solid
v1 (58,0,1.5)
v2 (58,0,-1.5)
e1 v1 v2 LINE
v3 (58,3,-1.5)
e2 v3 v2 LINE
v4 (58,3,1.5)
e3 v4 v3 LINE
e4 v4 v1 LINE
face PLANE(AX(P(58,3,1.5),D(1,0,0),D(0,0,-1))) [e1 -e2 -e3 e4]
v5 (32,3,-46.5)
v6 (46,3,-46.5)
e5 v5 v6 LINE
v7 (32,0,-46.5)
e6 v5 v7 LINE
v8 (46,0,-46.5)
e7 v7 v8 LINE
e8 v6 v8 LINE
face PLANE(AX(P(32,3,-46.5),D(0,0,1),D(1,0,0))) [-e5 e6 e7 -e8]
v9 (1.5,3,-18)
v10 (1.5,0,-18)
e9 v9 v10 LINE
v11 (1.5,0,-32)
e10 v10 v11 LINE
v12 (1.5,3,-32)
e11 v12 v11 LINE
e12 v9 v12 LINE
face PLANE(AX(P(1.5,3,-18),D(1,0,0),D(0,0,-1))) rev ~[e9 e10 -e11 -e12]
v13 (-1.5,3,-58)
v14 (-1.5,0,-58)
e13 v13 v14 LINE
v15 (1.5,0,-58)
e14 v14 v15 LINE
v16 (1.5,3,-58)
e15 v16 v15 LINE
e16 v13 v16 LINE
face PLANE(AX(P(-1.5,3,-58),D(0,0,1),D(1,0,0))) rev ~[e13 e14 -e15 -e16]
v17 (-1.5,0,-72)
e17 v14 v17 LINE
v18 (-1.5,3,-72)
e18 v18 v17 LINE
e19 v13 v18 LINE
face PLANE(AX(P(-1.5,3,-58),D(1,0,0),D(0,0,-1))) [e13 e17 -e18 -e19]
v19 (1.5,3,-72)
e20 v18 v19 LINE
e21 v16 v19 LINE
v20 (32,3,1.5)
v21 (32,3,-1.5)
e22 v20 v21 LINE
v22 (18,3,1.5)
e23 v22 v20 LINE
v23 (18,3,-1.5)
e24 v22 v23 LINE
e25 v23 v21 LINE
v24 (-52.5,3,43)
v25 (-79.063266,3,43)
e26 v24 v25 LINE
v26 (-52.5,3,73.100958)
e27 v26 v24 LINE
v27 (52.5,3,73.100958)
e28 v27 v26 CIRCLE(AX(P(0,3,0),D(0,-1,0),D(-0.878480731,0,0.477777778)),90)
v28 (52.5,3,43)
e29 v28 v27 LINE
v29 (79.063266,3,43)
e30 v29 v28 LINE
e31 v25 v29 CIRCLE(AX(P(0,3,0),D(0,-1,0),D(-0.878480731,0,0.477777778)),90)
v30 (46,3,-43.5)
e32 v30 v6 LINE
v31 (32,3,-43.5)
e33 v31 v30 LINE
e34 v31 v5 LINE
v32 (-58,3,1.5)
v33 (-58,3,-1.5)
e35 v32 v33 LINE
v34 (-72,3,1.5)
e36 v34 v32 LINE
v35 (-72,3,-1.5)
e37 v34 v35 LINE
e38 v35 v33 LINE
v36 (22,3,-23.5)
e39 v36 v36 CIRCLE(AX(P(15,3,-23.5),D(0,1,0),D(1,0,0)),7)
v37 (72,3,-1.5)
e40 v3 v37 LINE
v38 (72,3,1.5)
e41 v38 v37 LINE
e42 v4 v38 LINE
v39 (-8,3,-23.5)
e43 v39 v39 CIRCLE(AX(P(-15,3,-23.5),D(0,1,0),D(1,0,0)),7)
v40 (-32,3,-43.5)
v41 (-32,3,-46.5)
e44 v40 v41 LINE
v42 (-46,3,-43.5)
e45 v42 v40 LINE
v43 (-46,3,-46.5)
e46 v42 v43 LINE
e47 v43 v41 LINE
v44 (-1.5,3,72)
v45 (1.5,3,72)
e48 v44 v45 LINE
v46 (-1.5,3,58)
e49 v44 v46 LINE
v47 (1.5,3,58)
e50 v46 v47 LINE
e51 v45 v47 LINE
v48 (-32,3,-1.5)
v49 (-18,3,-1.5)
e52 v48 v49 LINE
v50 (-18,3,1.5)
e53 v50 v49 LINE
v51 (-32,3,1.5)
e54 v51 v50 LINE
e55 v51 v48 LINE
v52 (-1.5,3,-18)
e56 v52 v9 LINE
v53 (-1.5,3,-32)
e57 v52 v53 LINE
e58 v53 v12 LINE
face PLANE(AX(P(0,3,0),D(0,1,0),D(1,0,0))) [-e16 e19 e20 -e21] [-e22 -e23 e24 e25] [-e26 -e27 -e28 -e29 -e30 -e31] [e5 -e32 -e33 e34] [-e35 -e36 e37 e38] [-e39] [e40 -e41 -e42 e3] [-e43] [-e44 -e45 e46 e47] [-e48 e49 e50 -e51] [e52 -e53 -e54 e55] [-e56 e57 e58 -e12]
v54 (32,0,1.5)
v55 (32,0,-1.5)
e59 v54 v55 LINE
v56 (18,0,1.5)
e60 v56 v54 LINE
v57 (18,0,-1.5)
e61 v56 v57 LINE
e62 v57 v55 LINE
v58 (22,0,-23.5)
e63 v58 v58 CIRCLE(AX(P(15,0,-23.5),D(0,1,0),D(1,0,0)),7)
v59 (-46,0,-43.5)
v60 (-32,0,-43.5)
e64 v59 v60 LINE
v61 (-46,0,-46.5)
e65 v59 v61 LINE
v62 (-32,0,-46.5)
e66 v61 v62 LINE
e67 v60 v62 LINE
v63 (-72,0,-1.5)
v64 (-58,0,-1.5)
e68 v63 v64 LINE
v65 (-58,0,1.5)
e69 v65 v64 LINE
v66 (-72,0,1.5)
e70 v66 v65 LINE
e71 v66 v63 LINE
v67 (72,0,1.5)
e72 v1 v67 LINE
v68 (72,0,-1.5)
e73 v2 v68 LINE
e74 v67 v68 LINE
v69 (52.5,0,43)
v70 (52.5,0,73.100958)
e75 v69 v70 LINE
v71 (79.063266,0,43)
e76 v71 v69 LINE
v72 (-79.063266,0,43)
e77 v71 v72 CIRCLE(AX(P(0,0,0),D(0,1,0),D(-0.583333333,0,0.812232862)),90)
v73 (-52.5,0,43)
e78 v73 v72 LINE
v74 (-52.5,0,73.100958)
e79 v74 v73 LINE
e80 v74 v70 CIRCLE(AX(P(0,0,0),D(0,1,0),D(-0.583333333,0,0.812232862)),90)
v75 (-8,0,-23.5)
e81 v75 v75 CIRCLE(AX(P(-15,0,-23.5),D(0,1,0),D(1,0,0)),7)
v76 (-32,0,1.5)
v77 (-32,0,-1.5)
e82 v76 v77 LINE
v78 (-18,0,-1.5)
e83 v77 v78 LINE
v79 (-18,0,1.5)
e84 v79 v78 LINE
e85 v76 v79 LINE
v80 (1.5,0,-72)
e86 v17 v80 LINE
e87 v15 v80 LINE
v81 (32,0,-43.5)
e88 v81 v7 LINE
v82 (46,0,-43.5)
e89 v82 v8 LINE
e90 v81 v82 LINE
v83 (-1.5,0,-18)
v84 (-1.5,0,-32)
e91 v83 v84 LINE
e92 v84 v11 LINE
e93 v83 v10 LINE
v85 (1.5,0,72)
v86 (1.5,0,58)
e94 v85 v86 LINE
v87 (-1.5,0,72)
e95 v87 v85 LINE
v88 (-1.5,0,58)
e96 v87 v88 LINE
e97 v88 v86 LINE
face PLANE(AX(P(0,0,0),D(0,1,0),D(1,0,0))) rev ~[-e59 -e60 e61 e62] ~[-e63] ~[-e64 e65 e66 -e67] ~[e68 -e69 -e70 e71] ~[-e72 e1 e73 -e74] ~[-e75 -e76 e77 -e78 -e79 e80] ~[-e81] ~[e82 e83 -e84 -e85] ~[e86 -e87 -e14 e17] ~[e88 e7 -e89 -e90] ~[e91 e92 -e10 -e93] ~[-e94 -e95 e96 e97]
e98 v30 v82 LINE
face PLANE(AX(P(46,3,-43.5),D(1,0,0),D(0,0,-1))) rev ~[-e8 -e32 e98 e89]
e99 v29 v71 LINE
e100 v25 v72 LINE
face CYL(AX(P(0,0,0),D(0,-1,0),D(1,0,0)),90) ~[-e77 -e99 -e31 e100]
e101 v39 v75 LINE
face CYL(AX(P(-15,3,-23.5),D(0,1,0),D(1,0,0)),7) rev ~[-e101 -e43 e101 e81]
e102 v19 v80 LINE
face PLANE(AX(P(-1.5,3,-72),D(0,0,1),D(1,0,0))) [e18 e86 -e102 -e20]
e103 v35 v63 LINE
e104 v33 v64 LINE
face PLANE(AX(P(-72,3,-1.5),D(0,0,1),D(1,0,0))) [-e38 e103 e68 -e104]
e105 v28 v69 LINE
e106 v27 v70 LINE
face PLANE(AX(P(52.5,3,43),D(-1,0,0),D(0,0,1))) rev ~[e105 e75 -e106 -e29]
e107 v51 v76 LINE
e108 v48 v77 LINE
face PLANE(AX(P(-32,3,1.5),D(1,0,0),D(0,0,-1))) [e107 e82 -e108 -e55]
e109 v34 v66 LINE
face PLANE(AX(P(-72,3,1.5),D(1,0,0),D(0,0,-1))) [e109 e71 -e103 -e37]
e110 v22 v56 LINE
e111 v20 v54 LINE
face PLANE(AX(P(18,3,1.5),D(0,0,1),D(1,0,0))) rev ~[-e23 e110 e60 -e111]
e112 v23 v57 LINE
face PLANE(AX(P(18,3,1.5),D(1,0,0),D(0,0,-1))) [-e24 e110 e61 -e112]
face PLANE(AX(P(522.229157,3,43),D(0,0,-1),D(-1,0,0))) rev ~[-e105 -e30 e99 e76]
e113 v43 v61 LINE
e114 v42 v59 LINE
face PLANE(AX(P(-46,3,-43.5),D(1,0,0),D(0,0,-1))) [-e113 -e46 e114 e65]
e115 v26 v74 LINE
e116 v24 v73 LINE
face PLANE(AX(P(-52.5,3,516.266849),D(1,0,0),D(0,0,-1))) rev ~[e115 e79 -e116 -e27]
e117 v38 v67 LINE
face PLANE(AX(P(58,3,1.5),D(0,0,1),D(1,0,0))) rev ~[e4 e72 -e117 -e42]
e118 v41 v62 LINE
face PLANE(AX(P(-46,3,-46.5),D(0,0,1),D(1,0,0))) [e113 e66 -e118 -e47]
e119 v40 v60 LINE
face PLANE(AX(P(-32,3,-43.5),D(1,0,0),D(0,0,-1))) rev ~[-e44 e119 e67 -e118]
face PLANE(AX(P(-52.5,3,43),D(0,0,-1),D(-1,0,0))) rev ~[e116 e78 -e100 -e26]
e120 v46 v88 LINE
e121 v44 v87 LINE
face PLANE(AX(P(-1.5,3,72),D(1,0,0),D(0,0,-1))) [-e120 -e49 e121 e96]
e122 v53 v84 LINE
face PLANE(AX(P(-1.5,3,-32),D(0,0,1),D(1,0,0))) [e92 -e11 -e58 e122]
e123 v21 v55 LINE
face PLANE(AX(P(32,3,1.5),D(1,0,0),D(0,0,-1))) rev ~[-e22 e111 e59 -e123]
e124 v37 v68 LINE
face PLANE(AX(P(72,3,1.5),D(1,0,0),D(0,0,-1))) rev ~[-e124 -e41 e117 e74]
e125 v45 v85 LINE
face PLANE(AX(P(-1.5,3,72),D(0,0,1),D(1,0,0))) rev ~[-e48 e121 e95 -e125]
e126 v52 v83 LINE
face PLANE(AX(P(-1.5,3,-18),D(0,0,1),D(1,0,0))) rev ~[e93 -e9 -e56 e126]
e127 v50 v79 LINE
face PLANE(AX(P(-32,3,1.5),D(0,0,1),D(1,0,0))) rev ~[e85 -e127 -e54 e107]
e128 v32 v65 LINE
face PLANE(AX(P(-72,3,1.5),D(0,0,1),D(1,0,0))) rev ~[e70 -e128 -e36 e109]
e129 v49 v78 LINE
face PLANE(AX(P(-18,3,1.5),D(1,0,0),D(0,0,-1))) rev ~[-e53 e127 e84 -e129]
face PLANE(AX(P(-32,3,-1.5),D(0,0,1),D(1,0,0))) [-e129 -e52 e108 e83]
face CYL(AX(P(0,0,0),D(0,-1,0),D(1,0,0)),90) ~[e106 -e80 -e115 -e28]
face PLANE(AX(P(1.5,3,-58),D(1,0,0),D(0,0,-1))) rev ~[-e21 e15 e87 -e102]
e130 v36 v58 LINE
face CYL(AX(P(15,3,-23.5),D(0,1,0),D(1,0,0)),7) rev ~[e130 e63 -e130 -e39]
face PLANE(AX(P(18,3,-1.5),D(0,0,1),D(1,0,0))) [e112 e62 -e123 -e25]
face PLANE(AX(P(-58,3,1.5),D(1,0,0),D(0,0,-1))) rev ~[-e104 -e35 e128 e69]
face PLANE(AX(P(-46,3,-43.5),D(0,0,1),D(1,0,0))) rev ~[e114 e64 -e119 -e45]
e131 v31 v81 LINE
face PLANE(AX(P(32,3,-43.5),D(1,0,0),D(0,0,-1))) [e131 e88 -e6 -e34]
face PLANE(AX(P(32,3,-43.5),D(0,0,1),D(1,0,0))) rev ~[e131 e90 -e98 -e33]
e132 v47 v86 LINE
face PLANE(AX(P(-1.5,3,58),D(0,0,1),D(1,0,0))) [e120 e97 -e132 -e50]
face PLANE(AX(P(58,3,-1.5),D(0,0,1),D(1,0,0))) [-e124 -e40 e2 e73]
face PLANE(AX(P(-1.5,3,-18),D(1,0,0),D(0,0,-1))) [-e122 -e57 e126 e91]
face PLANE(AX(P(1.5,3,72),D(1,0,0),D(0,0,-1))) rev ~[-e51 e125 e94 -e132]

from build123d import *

# Parameters (mm, degrees)
SKETCH1_R               = 90
BOSS_EXTRUDE1_DEPTH     = 3
CUT_EXTRUDE1_DEPTH      = 1
CUT_EXTRUDE1_DEPTH_BACK = 3
CUT_EXTRUDE2_DEPTH      = 1
CUT_EXTRUDE2_DEPTH_BACK = 3
SKETCH5_W               = 3
SKETCH5_H               = 14
CUT_EXTRUDE4_DEPTH      = 3
SKETCH6_W               = 3
SKETCH6_H               = 14
CUT_EXTRUDE5_DEPTH      = 3
SKETCH8_W               = 3
SKETCH8_H               = 14
CUT_EXTRUDE7_DEPTH      = 3
SKETCH9_W               = 14
SKETCH9_H               = 3
CUT_EXTRUDE8_DEPTH      = 3
SKETCH10_W              = 14
SKETCH10_H              = 3
CUT_EXTRUDE9_DEPTH      = 3
SKETCH11_W              = 14
SKETCH11_H              = 3
CUT_EXTRUDE10_DEPTH     = 3
SKETCH12_W              = 14
SKETCH12_H              = 3
CUT_EXTRUDE11_DEPTH     = 3
SKETCH13_W              = 14
SKETCH13_H              = 3
CUT_EXTRUDE12_DEPTH     = 3
SKETCH14_W              = 14
SKETCH14_H              = 3
CUT_EXTRUDE13_DEPTH     = 3
SKETCH15_R              = 7
CUT_EXTRUDE14_DEPTH     = 3


with BuildPart() as part:
    # Sketch1 → Boss-Extrude1 (new body)
    with BuildSketch(Plane(origin=(0, 0, 0), x_dir=(1, 0, 0), z_dir=(0, 1, 0))):
        Circle(SKETCH1_R)
    extrude(amount=BOSS_EXTRUDE1_DEPTH)

    # Sketch2 → Cut-Extrude1 (cut, two sides)
    with BuildSketch(Plane(origin=(0, 3, 0), x_dir=(1, 0, 0), z_dir=(0, 1, 0))) as cut_extrude1_sk:
        Polygon((-52.5, -516.266848974), (-52.5, -73.100957586), (-52.5, -43), (-79.063265807, -43), (-522.229157195, -43), (-1151.30715458, -667.375610001), (-681.577997385, -1140.642458975), align=None)
    extrude(amount=CUT_EXTRUDE1_DEPTH, mode=Mode.SUBTRACT)
    extrude(cut_extrude1_sk.sketch, amount=-CUT_EXTRUDE1_DEPTH_BACK, mode=Mode.SUBTRACT)

    # Sketch3 → Cut-Extrude2 (cut, two sides)
    with BuildSketch(Plane(origin=(0, 3, 0), x_dir=(1, 0, 0), z_dir=(0, 1, 0))) as cut_extrude2_sk:
        Polygon((52.5, -516.266848974), (52.5, -73.100957586), (52.5, -43), (79.063265807, -43), (522.229157195, -43), (1151.30715458, -667.375610001), (681.577997385, -1140.642458975), align=None)
    extrude(amount=CUT_EXTRUDE2_DEPTH, mode=Mode.SUBTRACT)
    extrude(cut_extrude2_sk.sketch, amount=-CUT_EXTRUDE2_DEPTH_BACK, mode=Mode.SUBTRACT)

    # Sketch5 → Cut-Extrude4 (cut)
    with BuildSketch(Plane(origin=(0, 3, 0), x_dir=(1, 0, 0), z_dir=(0, 1, 0))):
        with Locations((0, 25)):
            Rectangle(SKETCH5_W, SKETCH5_H)
    extrude(amount=-CUT_EXTRUDE4_DEPTH, mode=Mode.SUBTRACT)

    # Sketch6 → Cut-Extrude5 (cut)
    with BuildSketch(Plane(origin=(0, 3, 0), x_dir=(1, 0, 0), z_dir=(0, 1, 0))):
        with Locations((0, 65)):
            Rectangle(SKETCH6_W, SKETCH6_H)
    extrude(amount=-CUT_EXTRUDE5_DEPTH, mode=Mode.SUBTRACT)

    # Sketch8 → Cut-Extrude7 (cut)
    with BuildSketch(Plane(origin=(0, 3, 0), x_dir=(1, 0, 0), z_dir=(0, 1, 0))):
        with Locations((0, -65)):
            Rectangle(SKETCH8_W, SKETCH8_H)
    extrude(amount=-CUT_EXTRUDE7_DEPTH, mode=Mode.SUBTRACT)

    # Sketch9 → Cut-Extrude8 (cut)
    with BuildSketch(Plane(origin=(0, 3, 0), x_dir=(1, 0, 0), z_dir=(0, 1, 0))):
        with Locations((-25, 0)):
            Rectangle(SKETCH9_W, SKETCH9_H)
    extrude(amount=-CUT_EXTRUDE8_DEPTH, mode=Mode.SUBTRACT)

    # Sketch10 → Cut-Extrude9 (cut)
    with BuildSketch(Plane(origin=(0, 3, 0), x_dir=(1, 0, 0), z_dir=(0, 1, 0))):
        with Locations((-65, 0)):
            Rectangle(SKETCH10_W, SKETCH10_H)
    extrude(amount=-CUT_EXTRUDE9_DEPTH, mode=Mode.SUBTRACT)

    # Sketch11 → Cut-Extrude10 (cut)
    with BuildSketch(Plane(origin=(0, 3, 0), x_dir=(1, 0, 0), z_dir=(0, 1, 0))):
        with Locations((25, 0)):
            Rectangle(SKETCH11_W, SKETCH11_H)
    extrude(amount=-CUT_EXTRUDE10_DEPTH, mode=Mode.SUBTRACT)

    # Sketch12 → Cut-Extrude11 (cut)
    with BuildSketch(Plane(origin=(0, 3, 0), x_dir=(1, 0, 0), z_dir=(0, 1, 0))):
        with Locations((65, 0)):
            Rectangle(SKETCH12_W, SKETCH12_H)
    extrude(amount=-CUT_EXTRUDE11_DEPTH, mode=Mode.SUBTRACT)

    # Sketch13 → Cut-Extrude12 (cut)
    with BuildSketch(Plane(origin=(0, 3, 0), x_dir=(1, 0, 0), z_dir=(0, 1, 0))):
        with Locations((-39, 45)):
            Rectangle(SKETCH13_W, SKETCH13_H)
    extrude(amount=-CUT_EXTRUDE12_DEPTH, mode=Mode.SUBTRACT)

    # Sketch14 → Cut-Extrude13 (cut)
    with BuildSketch(Plane(origin=(0, 3, 0), x_dir=(1, 0, 0), z_dir=(0, 1, 0))):
        with Locations((39, 45)):
            Rectangle(SKETCH14_W, SKETCH14_H)
    extrude(amount=-CUT_EXTRUDE13_DEPTH, mode=Mode.SUBTRACT)

    # Sketch15 → Cut-Extrude14 (cut)
    with BuildSketch(Plane(origin=(0, 3, 0), x_dir=(1, 0, 0), z_dir=(0, 1, 0))):
        with Locations((-15, 23.5)):
            Circle(SKETCH15_R)
        with Locations((15, 23.5)):
            Circle(SKETCH15_R)
    extrude(amount=-CUT_EXTRUDE14_DEPTH, mode=Mode.SUBTRACT)


solid = part.part
